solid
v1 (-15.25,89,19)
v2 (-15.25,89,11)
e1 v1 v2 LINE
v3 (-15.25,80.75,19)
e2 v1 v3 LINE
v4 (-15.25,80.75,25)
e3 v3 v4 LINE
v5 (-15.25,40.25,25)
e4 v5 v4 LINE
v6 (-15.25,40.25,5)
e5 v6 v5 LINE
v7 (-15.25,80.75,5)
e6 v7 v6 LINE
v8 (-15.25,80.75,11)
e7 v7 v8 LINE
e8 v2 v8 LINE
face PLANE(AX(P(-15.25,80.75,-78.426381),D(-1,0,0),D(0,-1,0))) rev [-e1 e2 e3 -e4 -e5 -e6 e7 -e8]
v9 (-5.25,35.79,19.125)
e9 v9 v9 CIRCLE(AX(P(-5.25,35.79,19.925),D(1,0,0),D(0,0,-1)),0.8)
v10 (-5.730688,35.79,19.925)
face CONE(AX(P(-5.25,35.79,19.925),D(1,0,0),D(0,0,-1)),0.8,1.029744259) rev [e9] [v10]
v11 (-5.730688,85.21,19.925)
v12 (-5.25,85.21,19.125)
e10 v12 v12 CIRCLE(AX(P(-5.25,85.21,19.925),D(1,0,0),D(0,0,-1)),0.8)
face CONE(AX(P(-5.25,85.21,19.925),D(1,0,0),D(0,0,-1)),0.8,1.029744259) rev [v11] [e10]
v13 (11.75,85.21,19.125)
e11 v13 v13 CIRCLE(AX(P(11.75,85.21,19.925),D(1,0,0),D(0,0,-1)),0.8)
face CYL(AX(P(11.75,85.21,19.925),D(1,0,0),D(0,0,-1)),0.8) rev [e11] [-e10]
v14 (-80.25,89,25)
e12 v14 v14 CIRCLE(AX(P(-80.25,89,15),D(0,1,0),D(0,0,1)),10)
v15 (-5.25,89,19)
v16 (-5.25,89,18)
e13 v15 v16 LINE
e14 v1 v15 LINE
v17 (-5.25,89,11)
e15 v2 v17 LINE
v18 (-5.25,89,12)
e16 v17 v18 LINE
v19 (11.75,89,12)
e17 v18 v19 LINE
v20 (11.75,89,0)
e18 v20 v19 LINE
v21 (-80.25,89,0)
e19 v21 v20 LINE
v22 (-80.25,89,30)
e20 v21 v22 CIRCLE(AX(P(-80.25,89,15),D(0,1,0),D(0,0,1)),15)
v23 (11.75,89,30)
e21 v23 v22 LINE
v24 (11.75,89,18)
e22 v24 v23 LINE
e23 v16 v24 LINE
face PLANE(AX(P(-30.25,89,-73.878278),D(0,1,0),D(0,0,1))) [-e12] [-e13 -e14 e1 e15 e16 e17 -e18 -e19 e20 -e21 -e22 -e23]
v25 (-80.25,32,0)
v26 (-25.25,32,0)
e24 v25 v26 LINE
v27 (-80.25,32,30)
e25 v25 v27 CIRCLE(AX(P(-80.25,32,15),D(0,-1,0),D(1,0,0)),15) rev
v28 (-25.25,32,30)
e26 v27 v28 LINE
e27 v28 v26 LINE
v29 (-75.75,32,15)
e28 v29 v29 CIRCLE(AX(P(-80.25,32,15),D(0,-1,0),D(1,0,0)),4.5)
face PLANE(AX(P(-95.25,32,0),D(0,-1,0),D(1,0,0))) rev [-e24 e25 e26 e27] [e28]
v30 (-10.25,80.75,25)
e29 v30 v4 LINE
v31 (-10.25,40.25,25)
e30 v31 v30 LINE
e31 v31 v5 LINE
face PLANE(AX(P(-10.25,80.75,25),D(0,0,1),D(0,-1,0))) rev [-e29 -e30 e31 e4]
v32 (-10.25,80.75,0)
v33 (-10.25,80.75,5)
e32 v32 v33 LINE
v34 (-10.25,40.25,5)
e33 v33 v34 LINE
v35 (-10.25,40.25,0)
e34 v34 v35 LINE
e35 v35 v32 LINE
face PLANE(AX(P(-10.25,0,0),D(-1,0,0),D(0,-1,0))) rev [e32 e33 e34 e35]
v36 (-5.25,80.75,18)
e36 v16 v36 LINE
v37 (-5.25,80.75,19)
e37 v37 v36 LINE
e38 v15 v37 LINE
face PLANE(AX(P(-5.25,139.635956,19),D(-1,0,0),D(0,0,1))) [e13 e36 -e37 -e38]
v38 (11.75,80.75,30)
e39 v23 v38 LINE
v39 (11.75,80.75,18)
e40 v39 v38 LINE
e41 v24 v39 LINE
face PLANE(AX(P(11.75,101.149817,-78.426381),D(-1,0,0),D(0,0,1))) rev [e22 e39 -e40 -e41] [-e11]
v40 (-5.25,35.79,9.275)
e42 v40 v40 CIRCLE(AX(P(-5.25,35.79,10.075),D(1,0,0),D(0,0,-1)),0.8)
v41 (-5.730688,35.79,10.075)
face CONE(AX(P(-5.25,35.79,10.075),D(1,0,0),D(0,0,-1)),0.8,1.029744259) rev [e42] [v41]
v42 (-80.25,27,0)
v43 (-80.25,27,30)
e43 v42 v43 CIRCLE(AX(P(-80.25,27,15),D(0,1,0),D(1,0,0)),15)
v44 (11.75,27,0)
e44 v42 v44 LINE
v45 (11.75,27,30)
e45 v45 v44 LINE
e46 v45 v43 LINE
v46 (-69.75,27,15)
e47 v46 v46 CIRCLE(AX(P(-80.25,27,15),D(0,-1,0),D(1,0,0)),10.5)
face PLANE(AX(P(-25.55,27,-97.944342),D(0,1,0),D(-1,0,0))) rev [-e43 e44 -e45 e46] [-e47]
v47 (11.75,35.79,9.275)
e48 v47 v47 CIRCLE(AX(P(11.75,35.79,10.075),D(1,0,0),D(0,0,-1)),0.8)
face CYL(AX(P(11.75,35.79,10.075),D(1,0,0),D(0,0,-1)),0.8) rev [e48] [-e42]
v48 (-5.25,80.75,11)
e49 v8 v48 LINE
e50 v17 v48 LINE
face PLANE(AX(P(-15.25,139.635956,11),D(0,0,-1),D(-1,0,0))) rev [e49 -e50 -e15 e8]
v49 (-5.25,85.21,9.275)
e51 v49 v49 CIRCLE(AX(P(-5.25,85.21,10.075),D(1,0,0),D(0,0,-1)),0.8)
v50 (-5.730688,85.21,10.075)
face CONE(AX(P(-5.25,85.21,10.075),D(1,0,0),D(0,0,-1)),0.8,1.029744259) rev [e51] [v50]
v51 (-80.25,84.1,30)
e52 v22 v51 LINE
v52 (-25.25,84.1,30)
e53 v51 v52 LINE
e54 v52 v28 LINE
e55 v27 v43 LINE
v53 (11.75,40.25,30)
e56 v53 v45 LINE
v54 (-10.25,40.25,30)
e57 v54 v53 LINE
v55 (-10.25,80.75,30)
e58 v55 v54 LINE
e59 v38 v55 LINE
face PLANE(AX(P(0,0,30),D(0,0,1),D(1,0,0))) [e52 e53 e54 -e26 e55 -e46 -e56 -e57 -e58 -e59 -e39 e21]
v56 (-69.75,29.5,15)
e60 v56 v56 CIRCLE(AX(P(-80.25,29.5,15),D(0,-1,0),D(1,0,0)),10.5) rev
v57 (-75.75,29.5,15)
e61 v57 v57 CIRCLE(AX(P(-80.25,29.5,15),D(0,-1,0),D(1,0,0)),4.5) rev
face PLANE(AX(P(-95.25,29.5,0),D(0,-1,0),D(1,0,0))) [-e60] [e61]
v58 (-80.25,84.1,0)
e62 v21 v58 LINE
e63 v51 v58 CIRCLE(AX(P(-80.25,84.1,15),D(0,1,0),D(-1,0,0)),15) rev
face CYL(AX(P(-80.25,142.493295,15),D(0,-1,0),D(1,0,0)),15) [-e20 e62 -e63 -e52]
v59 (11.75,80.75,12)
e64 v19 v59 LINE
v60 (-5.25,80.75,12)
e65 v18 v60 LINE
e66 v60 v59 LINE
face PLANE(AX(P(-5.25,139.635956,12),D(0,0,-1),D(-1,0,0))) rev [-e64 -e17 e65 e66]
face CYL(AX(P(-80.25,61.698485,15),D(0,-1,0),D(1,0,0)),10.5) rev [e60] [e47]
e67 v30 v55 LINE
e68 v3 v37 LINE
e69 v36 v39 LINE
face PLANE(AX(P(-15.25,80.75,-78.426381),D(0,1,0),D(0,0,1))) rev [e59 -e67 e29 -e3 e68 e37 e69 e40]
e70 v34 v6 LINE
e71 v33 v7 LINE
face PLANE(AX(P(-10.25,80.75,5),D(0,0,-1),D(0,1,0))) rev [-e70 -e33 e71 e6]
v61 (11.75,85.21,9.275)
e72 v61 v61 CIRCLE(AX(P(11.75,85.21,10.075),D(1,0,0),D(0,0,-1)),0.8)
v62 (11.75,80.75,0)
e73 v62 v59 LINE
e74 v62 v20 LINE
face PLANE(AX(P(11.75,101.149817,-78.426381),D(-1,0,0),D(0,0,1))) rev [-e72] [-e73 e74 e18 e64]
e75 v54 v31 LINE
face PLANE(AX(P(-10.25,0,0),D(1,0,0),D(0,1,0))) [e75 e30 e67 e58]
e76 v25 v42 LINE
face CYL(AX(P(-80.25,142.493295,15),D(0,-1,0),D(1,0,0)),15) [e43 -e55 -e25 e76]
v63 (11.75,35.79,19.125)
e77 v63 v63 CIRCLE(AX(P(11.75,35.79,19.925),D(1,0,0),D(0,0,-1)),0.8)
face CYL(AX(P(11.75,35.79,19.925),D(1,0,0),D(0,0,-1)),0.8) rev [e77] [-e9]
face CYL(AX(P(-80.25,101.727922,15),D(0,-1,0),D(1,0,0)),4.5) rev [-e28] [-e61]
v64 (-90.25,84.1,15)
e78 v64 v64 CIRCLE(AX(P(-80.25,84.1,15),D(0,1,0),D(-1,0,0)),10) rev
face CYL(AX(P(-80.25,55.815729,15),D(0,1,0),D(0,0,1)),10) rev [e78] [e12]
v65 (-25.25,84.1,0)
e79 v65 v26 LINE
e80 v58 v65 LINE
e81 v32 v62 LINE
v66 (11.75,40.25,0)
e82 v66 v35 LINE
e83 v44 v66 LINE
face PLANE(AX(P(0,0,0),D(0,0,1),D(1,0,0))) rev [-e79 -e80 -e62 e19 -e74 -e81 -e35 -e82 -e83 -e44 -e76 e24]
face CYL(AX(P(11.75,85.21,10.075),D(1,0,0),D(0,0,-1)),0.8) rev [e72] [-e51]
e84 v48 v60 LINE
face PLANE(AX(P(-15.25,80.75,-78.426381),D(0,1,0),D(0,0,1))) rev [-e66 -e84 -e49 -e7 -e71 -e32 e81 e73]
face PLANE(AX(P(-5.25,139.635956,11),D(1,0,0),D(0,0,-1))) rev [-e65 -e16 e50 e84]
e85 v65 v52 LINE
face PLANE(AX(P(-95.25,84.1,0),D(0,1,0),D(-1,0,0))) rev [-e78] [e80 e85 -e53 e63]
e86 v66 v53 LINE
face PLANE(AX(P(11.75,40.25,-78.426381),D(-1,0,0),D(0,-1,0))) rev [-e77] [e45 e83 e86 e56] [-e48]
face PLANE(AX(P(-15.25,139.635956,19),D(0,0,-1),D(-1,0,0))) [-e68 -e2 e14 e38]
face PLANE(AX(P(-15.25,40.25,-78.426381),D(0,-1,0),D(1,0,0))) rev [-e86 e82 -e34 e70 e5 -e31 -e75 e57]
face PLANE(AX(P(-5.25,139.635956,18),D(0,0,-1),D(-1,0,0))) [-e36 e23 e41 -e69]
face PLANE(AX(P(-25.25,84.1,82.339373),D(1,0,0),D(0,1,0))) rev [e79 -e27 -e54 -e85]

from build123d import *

# Parameters (mm, degrees)
ESQUISSE1_W               = 60.5
ESQUISSE1_H               = 64
BOSS_EXTRU_1_DEPTH        = 30
ESQUISSE2_R               = 4.5
ENL_V_MAT_EXTRU_1_DEPTH   = 32
ENL_V_MAT_EXTRU_2_REACH   = 55.283
ESQUISSE4_W               = 51.1
ESQUISSE4_H               = 83.557669167
ESQUISSE5_R               = 10.5
ENL_V_MAT_EXTRU_3_DEPTH   = 2
ESQUISSE6_R               = 10
ENL_V_MAT_EXTRU_4_DEPTH   = 4.7
ESQUISSE7_W               = 47
ESQUISSE7_H               = 57
BOSS_EXTRU_2_DEPTH        = 30
ENL_V_MAT_EXTRU_5_DEPTH   = 30
ENL_V_MAT_EXTRU_6_DEPTH   = 8.25
ESQUISSE11_W              = 5
ESQUISSE11_H              = 40.5
BOSS_EXTRU_3_DEPTH        = 5
ESQUISSE12_R              = 0.5
ENL_V_MAT_EXTRU_7_DEPTH   = 15
TROU_TARAUD_M2X0_42_D     = 1.6
TROU_TARAUD_M2X0_42_DEPTH = 17
TROU_TARAUD_M2X0_42_TIP   = 0.480688495
ENL_V_MAT_EXTRU_8_REACH   = 113.72
ESQUISSE22_W              = 82.97203866
ESQUISSE22_H              = 67.875780224
ENL_V_MAT_EXTRU_10_DEPTH  = 30
ESQUISSE23_W              = 55
ESQUISSE23_H              = 5
ESQUISSE23_H_2            = 4.9
BOSS_EXTRU_4_DEPTH        = 30
ENL_V_START               = -62
ESQUISSE24_R              = 10
ENL_V_MAT_EXTRU_11_DEPTH  = 62
ENL_V_MAT_EXTRU_12_REACH  = 111.597
ESQUISSE26_R              = 10.5
ESQUISSE26_R_2            = 4.5
BOSS_EXTRU_5_DEPTH        = 5
ESQUISSE27_R              = 10.5
ENL_V_MAT_EXTRU_13_DEPTH  = 2.5
ESQUISSE28_W              = 21.53784572
ESQUISSE28_H              = 33.22443827
ENL_V_MAT_EXTRU_14_DEPTH  = 5
ESQUISSE29_W              = 5
ESQUISSE29_H              = 52.1
ENL_V_MAT_EXTRU_15_DEPTH  = 30
BOSS_EXTRU_6_DEPTH        = 62
ENL_V_START_2             = -20.388398
ESQUISSE32_W              = 38.789198293
ESQUISSE32_H              = 52.1
ENL_V_MAT_EXTRU_16_DEPTH  = 20.388398
ESQUISSE36_W              = 70.879809572
ESQUISSE36_H              = 44.299384872
ENL_V_MAT_EXTRU_20_DEPTH  = 62
ESQUISSE37_W              = 30
ESQUISSE37_H              = 4.9
ESQUISSE37_H_2            = 5
BOSS_EXTRU_8_DEPTH        = 70
ENL_V_MAT_EXTRU_21_REACH  = 119.544
ESQUISSE38_R              = 4.5
ESQUISSE39_R              = 10
ENL_V_MAT_EXTRU_22_DEPTH  = 4.9
ESQUISSE40_R              = 10.5
ENL_V_MAT_EXTRU_23_DEPTH  = 2.5
ENL_V_MAT_EXTRU_24_REACH  = 119.544


with BuildPart() as part:
    # Esquisse1 → Boss.-Extru.1 (new body)
    with BuildSketch(Plane.XY):
        Rectangle(ESQUISSE1_W, ESQUISSE1_H)
    extrude(amount=BOSS_EXTRU_1_DEPTH)

    # Esquisse2 → Enlèv. mat.-Extru.1 (cut)
    with BuildSketch(Plane(origin=(30.25, 0, 0), x_dir=(0, 0, -1), z_dir=(1, 0, 0))):
        with Locations(Location((-15, -17, 0), (0, 0, 90))):
            Circle(ESQUISSE2_R)
    extrude(amount=-ENL_V_MAT_EXTRU_1_DEPTH, mode=Mode.SUBTRACT)

    # Enlèv. mat.-Extru.2: up to this face of the body (flat: up to its plane)
    enl_v_mat_extru_2_end = Plane(part.part.faces().sort_by_distance((0, 0, 0))[0])
    # Esquisse4 → Enlèv. mat.-Extru.2 (cut, up to the picked face)
    with BuildSketch(Plane.XY.offset(30), mode=Mode.PRIVATE) as enl_v_mat_extru_2_sk1:
        with Locations((0, -14.778834584)):
            Rectangle(ESQUISSE4_W, ESQUISSE4_H)
    enl_v_mat_extru_2_tool1 = split(extrude(enl_v_mat_extru_2_sk1.sketch, amount=-ENL_V_MAT_EXTRU_2_REACH, mode=Mode.PRIVATE), bisect_by=enl_v_mat_extru_2_end, keep=Keep.BOTH, mode=Mode.PRIVATE)
    add(enl_v_mat_extru_2_tool1.solids().sort_by(Axis((0, -14.778835, 30), (0, 0, -1)))[0], mode=Mode.SUBTRACT)

    # Esquisse5 → Enlèv. mat.-Extru.3 (cut)
    with BuildSketch(Plane(origin=(30.25, 0, 0), x_dir=(0, 0, -1), z_dir=(1, 0, 0))):
        with Locations(Location((-15, -17, 0), (0, 0, 90))):
            Circle(ESQUISSE5_R)
    extrude(amount=-ENL_V_MAT_EXTRU_3_DEPTH, mode=Mode.SUBTRACT)

    # Esquisse6 → Enlèv. mat.-Extru.4 (cut)
    with BuildSketch(Plane(origin=(-25.55, 0, 0), x_dir=(0, 0, -1), z_dir=(1, 0, 0))):
        with Locations((-15, -17)):
            Circle(ESQUISSE6_R)
    extrude(amount=-ENL_V_MAT_EXTRU_4_DEPTH, mode=Mode.SUBTRACT)

    # Esquisse7 → Boss.-Extru.2 (add)
    with BuildSketch(Plane.XY.offset(30)):
        with Locations((-6.75, 60.5)):
            Rectangle(ESQUISSE7_W, ESQUISSE7_H)
    extrude(amount=-BOSS_EXTRU_2_DEPTH)

    # Esquisse8 → Enlèv. mat.-Extru.5 (cut)
    with BuildSketch(Plane.XY.offset(30)):
        Polygon((-15.25, 80.75), (11.75, 80.75), (11.75, 101.149817475), (21.75, 101.149817475), (21.75, 32), (11.75, 32), (11.75, 40.25), (-15.25, 40.25), align=None)
    extrude(amount=-ENL_V_MAT_EXTRU_5_DEPTH, mode=Mode.SUBTRACT)

    # Esquisse10 → Enlèv. mat.-Extru.6 (cut)
    with BuildSketch(Plane.XZ.offset(-80.75)):
        Polygon((-5.25, 11), (-5.25, 12), (34.75, 12), (34.75, 18), (-5.25, 18), (-5.25, 19), (-15.25, 19), (-15.25, 11), align=None)
    extrude(amount=-ENL_V_MAT_EXTRU_6_DEPTH, mode=Mode.SUBTRACT)

    # Esquisse11 → Boss.-Extru.3 (add)
    with BuildSketch(Plane(origin=(-15.25, 0, 0), x_dir=(0, 0, -1), z_dir=(1, 0, 0))):
        with Locations((-27.5, 60.5)):
            Rectangle(ESQUISSE11_W, ESQUISSE11_H)
        with Locations((-2.5, 60.5)):
            Rectangle(ESQUISSE11_W, ESQUISSE11_H)
    extrude(amount=BOSS_EXTRU_3_DEPTH)

    # Esquisse12 → Enlèv. mat.-Extru.7 (cut)
    with BuildSketch(Plane(origin=(11.75, 0, 0), x_dir=(0, 0, -1), z_dir=(1, 0, 0))):
        with Locations((-19.925, 85.21)):
            Circle(ESQUISSE12_R)
        with Locations(Location((-10.075, 85.21, 0), (0, 0, 180))):
            Circle(ESQUISSE12_R)
        with Locations((-10.075, 35.79)):
            Circle(ESQUISSE12_R)
        with Locations(Location((-19.925, 35.79, 0), (0, 0, 180))):
            Circle(ESQUISSE12_R)
    extrude(amount=-ENL_V_MAT_EXTRU_7_DEPTH, mode=Mode.SUBTRACT)

    # Trou taraudé M2x0.42
    with Locations(Plane(origin=(11.75, 85.21, 19.925), x_dir=(0, 0, 1), z_dir=(1, 0, 0))):
        with Locations((0, 0), (-9.85, 0), (-9.85, 49.42), (0, 49.42)):
            Hole(TROU_TARAUD_M2X0_42_D / 2, depth=TROU_TARAUD_M2X0_42_DEPTH)
            with Locations((0, 0, -(TROU_TARAUD_M2X0_42_DEPTH + TROU_TARAUD_M2X0_42_TIP / 2))):  # 118° drill point
                Cone(0, TROU_TARAUD_M2X0_42_D / 2, TROU_TARAUD_M2X0_42_TIP, mode=Mode.SUBTRACT)

    # Enlèv. mat.-Extru.8: up to this face of the body (flat: up to its plane)
    enl_v_mat_extru_8_end = Plane(part.part.faces().sort_by_distance((30.25, 3.741727612, 15))[0])
    # Esquisse15 → Enlèv. mat.-Extru.8 (cut, up to the picked face)
    with BuildSketch(Plane.ZY.offset(30.25), mode=Mode.PRIVATE) as enl_v_mat_extru_8_sk1:
        with BuildLine():
            Line((40, -17), (30, -17))
            ThreePointArc((30, -17), (15, -32), (0, -17))
            Line((0, -17), (-10, -17))
            ThreePointArc((-10, -17), (15, -42), (40, -17))
        make_face()
    enl_v_mat_extru_8_tool1 = split(extrude(enl_v_mat_extru_8_sk1.sketch, amount=-ENL_V_MAT_EXTRU_8_REACH, mode=Mode.PRIVATE), bisect_by=enl_v_mat_extru_8_end, keep=Keep.BOTH, mode=Mode.PRIVATE)
    add(enl_v_mat_extru_8_tool1.solids().sort_by(Axis((-30.25, -17.559017, -5), (1, 0, 0)))[0], mode=Mode.SUBTRACT)

    # Esquisse22 → Enlèv. mat.-Extru.10 (cut)
    with BuildSketch(Plane.XY.offset(30)):
        with Locations((-1.917421061, -6.937890112)):
            Rectangle(ESQUISSE22_W, ESQUISSE22_H)
    extrude(amount=-ENL_V_MAT_EXTRU_10_DEPTH, mode=Mode.SUBTRACT)

    # Esquisse23 → Boss.-Extru.4 (add)
    with BuildSketch(Plane(origin=(0, 0, 0), x_dir=(-1, 0, 0), z_dir=(0, 0, -1))):
        with Locations((57.75, 29.5)):
            Rectangle(ESQUISSE23_W, ESQUISSE23_H)
        with Locations((57.75, 86.55)):
            Rectangle(ESQUISSE23_W, ESQUISSE23_H_2)
    extrude(amount=-BOSS_EXTRU_4_DEPTH)

    # Esquisse24 → Enlèv. mat.-Extru.11 (cut)
    with BuildSketch(Plane.XZ.offset(-27).offset(ENL_V_START)):
        with Locations((-74.25, 15)):
            Circle(ESQUISSE24_R)
    extrude(amount=ENL_V_MAT_EXTRU_11_DEPTH, mode=Mode.SUBTRACT)

    # Enlèv. mat.-Extru.12: up to this face of the body (flat: up to its plane)
    enl_v_mat_extru_12_end = Plane(part.part.faces().sort_by_distance((-34.437928466, 89, 15))[0])
    # Esquisse25 → Enlèv. mat.-Extru.12 (cut, up to the picked face)
    with BuildSketch(Plane.XZ.offset(-27), mode=Mode.PRIVATE) as enl_v_mat_extru_12_sk1:
        with BuildLine():
            Line((-74.25, 44.134833893), (-74.25, 30))
            ThreePointArc((-74.25, 30), (-89.25, 15), (-74.25, 0))
            Line((-74.25, 0), (-74.25, -14.134833893))
            ThreePointArc((-74.25, -14.134833893), (-103.384833893, 15), (-74.25, 44.134833893))
        make_face()
    enl_v_mat_extru_12_tool1 = split(extrude(enl_v_mat_extru_12_sk1.sketch, amount=-ENL_V_MAT_EXTRU_12_REACH, mode=Mode.PRIVATE), bisect_by=enl_v_mat_extru_12_end, keep=Keep.BOTH, mode=Mode.PRIVATE)
    add(enl_v_mat_extru_12_tool1.solids().sort_by(Axis((-74.901475, 27, 37.067417), (0, 1, 0)))[0], mode=Mode.SUBTRACT)

    # Esquisse26 → Boss.-Extru.5 (add)
    with BuildSketch(Plane.XZ.offset(-27)):
        with Locations((-74.25, 15)):
            Circle(ESQUISSE26_R)
        with Locations((-74.25, 15)):
            Circle(ESQUISSE26_R_2, mode=Mode.SUBTRACT)
    extrude(amount=-BOSS_EXTRU_5_DEPTH)

    # Esquisse27 → Enlèv. mat.-Extru.13 (cut)
    with BuildSketch(Plane.XZ.offset(-27)):
        with Locations((-74.25, 15)):
            Circle(ESQUISSE27_R)
    extrude(amount=-ENL_V_MAT_EXTRU_13_DEPTH, mode=Mode.SUBTRACT)

    # Esquisse28 → Enlèv. mat.-Extru.14 (cut)
    with BuildSketch(Plane(origin=(0, 32, 0), x_dir=(1, 0, 0), z_dir=(0, 1, 0))):
        with Locations((22.51892286, -16.612219135)):
            Rectangle(ESQUISSE28_W, ESQUISSE28_H)
    extrude(amount=-ENL_V_MAT_EXTRU_14_DEPTH, mode=Mode.SUBTRACT)

    # Esquisse29 → Enlèv. mat.-Extru.15 (cut)
    with BuildSketch(Plane(origin=(0, 0, 0), x_dir=(-1, 0, 0), z_dir=(0, 0, -1))):
        with Locations((27.75, 58.05)):
            Rectangle(ESQUISSE29_W, ESQUISSE29_H)
    extrude(amount=-ENL_V_MAT_EXTRU_15_DEPTH, mode=Mode.SUBTRACT)

    # Esquisse31 → Boss.-Extru.6 (add)
    with BuildSketch(Plane.XZ.offset(-27)):
        with BuildLine():
            ThreePointArc((-74.826036871, 4.515812787), (-83.84709586, 10.740217019), (-82.411654216, 21.605861069))
            Line((-82.411654216, 21.605861069), (-85.25, 25.198039027))
            Line((-85.25, 25.198039027), (-85.25, 4.801960973))
            Line((-85.25, 4.801960973), (-74.826036871, 4.515812787))
        make_face()
        with BuildLine():
            ThreePointArc((-85.25, 25.198039027), (-89.25, 15), (-85.25, 4.801960973))
            Line((-85.25, 4.801960973), (-85.25, 25.198039027))
        make_face()
    extrude(amount=-BOSS_EXTRU_6_DEPTH)

    # Esquisse32 → Enlèv. mat.-Extru.16 (cut)
    with BuildSketch(Plane(origin=(0.067526976, 0, 2.459909751), x_dir=(-0.9996234341769173, 0, 0.027440660421105302), z_dir=(-0.027440660421105302, 0, -0.9996234341769173)).offset(ENL_V_START_2)):
        with Locations((94.316375975, 58.05)):
            Rectangle(ESQUISSE32_W, ESQUISSE32_H)
    extrude(amount=ENL_V_MAT_EXTRU_16_DEPTH, mode=Mode.SUBTRACT)

    # Esquisse36 → Enlèv. mat.-Extru.20 (cut)
    with BuildSketch(Plane.XZ.offset(-27)):
        with Locations((-60.689904786, 17.333529037)):
            Rectangle(ESQUISSE36_W, ESQUISSE36_H)
    extrude(amount=-ENL_V_MAT_EXTRU_20_DEPTH, mode=Mode.SUBTRACT)

    # Esquisse37 → Boss.-Extru.8 (add)
    with BuildSketch(Plane.ZY.offset(25.25)):
        with Locations((15, 86.55)):
            Rectangle(ESQUISSE37_W, ESQUISSE37_H)
        with Locations((15, 29.5)):
            Rectangle(ESQUISSE37_W, ESQUISSE37_H_2)
    extrude(amount=BOSS_EXTRU_8_DEPTH)

    # Enlèv. mat.-Extru.21: up to this face of the body (flat: up to its plane)
    enl_v_mat_extru_21_end = Plane(part.part.faces().sort_by_distance((-44.098084544, 89, 15))[0])
    # Esquisse38 → Enlèv. mat.-Extru.21 (cut, up to the picked face)
    with BuildSketch(Plane.XZ.offset(-27), mode=Mode.PRIVATE) as enl_v_mat_extru_21_sk1:
        with Locations((-80.25, 15)):
            Circle(ESQUISSE38_R)
    enl_v_mat_extru_21_tool1 = split(extrude(enl_v_mat_extru_21_sk1.sketch, amount=-ENL_V_MAT_EXTRU_21_REACH, mode=Mode.PRIVATE), bisect_by=enl_v_mat_extru_21_end, keep=Keep.BOTH, mode=Mode.PRIVATE)
    add(enl_v_mat_extru_21_tool1.solids().sort_by(Axis((-80.25, 27, 15), (0, 1, 0)))[0], mode=Mode.SUBTRACT)

    # Esquisse39 → Enlèv. mat.-Extru.22 (cut)
    with BuildSketch(Plane(origin=(0, 89, 0), x_dir=(1, 0, 0), z_dir=(0, 1, 0))):
        with Locations(Location((-80.25, -15, 0), (0, 0, 270))):
            Circle(ESQUISSE39_R)
    extrude(amount=-ENL_V_MAT_EXTRU_22_DEPTH, mode=Mode.SUBTRACT)

    # Esquisse40 → Enlèv. mat.-Extru.23 (cut)
    with BuildSketch(Plane.XZ.offset(-27)):
        with Locations((-80.25, 15)):
            Circle(ESQUISSE40_R)
    extrude(amount=-ENL_V_MAT_EXTRU_23_DEPTH, mode=Mode.SUBTRACT)

    # Enlèv. mat.-Extru.24: up to this face of the body (flat: up to its plane)
    enl_v_mat_extru_24_end = Plane(part.part.faces().sort_by_distance((-39.91307138, 89, 15))[0])
    # Esquisse42 → Enlèv. mat.-Extru.24 (cut, up to the picked face)
    with BuildSketch(Plane.XZ.offset(-27), mode=Mode.PRIVATE) as enl_v_mat_extru_24_sk1:
        with BuildLine():
            Line((-80.25, 38.922928663), (-80.25, 30))
            ThreePointArc((-80.25, 30), (-95.25, 15), (-80.25, 0))
            Line((-80.25, 0), (-80.25, -8.922928663))
            ThreePointArc((-80.25, -8.922928663), (-104.172928663, 15), (-80.25, 38.922928663))
        make_face()
    enl_v_mat_extru_24_tool1 = split(extrude(enl_v_mat_extru_24_sk1.sketch, amount=-ENL_V_MAT_EXTRU_24_REACH, mode=Mode.PRIVATE), bisect_by=enl_v_mat_extru_24_end, keep=Keep.BOTH, mode=Mode.PRIVATE)
    add(enl_v_mat_extru_24_tool1.solids().sort_by(Axis((-80.784933, 27, 34.461464), (0, 1, 0)))[0], mode=Mode.SUBTRACT)


solid = part.part
